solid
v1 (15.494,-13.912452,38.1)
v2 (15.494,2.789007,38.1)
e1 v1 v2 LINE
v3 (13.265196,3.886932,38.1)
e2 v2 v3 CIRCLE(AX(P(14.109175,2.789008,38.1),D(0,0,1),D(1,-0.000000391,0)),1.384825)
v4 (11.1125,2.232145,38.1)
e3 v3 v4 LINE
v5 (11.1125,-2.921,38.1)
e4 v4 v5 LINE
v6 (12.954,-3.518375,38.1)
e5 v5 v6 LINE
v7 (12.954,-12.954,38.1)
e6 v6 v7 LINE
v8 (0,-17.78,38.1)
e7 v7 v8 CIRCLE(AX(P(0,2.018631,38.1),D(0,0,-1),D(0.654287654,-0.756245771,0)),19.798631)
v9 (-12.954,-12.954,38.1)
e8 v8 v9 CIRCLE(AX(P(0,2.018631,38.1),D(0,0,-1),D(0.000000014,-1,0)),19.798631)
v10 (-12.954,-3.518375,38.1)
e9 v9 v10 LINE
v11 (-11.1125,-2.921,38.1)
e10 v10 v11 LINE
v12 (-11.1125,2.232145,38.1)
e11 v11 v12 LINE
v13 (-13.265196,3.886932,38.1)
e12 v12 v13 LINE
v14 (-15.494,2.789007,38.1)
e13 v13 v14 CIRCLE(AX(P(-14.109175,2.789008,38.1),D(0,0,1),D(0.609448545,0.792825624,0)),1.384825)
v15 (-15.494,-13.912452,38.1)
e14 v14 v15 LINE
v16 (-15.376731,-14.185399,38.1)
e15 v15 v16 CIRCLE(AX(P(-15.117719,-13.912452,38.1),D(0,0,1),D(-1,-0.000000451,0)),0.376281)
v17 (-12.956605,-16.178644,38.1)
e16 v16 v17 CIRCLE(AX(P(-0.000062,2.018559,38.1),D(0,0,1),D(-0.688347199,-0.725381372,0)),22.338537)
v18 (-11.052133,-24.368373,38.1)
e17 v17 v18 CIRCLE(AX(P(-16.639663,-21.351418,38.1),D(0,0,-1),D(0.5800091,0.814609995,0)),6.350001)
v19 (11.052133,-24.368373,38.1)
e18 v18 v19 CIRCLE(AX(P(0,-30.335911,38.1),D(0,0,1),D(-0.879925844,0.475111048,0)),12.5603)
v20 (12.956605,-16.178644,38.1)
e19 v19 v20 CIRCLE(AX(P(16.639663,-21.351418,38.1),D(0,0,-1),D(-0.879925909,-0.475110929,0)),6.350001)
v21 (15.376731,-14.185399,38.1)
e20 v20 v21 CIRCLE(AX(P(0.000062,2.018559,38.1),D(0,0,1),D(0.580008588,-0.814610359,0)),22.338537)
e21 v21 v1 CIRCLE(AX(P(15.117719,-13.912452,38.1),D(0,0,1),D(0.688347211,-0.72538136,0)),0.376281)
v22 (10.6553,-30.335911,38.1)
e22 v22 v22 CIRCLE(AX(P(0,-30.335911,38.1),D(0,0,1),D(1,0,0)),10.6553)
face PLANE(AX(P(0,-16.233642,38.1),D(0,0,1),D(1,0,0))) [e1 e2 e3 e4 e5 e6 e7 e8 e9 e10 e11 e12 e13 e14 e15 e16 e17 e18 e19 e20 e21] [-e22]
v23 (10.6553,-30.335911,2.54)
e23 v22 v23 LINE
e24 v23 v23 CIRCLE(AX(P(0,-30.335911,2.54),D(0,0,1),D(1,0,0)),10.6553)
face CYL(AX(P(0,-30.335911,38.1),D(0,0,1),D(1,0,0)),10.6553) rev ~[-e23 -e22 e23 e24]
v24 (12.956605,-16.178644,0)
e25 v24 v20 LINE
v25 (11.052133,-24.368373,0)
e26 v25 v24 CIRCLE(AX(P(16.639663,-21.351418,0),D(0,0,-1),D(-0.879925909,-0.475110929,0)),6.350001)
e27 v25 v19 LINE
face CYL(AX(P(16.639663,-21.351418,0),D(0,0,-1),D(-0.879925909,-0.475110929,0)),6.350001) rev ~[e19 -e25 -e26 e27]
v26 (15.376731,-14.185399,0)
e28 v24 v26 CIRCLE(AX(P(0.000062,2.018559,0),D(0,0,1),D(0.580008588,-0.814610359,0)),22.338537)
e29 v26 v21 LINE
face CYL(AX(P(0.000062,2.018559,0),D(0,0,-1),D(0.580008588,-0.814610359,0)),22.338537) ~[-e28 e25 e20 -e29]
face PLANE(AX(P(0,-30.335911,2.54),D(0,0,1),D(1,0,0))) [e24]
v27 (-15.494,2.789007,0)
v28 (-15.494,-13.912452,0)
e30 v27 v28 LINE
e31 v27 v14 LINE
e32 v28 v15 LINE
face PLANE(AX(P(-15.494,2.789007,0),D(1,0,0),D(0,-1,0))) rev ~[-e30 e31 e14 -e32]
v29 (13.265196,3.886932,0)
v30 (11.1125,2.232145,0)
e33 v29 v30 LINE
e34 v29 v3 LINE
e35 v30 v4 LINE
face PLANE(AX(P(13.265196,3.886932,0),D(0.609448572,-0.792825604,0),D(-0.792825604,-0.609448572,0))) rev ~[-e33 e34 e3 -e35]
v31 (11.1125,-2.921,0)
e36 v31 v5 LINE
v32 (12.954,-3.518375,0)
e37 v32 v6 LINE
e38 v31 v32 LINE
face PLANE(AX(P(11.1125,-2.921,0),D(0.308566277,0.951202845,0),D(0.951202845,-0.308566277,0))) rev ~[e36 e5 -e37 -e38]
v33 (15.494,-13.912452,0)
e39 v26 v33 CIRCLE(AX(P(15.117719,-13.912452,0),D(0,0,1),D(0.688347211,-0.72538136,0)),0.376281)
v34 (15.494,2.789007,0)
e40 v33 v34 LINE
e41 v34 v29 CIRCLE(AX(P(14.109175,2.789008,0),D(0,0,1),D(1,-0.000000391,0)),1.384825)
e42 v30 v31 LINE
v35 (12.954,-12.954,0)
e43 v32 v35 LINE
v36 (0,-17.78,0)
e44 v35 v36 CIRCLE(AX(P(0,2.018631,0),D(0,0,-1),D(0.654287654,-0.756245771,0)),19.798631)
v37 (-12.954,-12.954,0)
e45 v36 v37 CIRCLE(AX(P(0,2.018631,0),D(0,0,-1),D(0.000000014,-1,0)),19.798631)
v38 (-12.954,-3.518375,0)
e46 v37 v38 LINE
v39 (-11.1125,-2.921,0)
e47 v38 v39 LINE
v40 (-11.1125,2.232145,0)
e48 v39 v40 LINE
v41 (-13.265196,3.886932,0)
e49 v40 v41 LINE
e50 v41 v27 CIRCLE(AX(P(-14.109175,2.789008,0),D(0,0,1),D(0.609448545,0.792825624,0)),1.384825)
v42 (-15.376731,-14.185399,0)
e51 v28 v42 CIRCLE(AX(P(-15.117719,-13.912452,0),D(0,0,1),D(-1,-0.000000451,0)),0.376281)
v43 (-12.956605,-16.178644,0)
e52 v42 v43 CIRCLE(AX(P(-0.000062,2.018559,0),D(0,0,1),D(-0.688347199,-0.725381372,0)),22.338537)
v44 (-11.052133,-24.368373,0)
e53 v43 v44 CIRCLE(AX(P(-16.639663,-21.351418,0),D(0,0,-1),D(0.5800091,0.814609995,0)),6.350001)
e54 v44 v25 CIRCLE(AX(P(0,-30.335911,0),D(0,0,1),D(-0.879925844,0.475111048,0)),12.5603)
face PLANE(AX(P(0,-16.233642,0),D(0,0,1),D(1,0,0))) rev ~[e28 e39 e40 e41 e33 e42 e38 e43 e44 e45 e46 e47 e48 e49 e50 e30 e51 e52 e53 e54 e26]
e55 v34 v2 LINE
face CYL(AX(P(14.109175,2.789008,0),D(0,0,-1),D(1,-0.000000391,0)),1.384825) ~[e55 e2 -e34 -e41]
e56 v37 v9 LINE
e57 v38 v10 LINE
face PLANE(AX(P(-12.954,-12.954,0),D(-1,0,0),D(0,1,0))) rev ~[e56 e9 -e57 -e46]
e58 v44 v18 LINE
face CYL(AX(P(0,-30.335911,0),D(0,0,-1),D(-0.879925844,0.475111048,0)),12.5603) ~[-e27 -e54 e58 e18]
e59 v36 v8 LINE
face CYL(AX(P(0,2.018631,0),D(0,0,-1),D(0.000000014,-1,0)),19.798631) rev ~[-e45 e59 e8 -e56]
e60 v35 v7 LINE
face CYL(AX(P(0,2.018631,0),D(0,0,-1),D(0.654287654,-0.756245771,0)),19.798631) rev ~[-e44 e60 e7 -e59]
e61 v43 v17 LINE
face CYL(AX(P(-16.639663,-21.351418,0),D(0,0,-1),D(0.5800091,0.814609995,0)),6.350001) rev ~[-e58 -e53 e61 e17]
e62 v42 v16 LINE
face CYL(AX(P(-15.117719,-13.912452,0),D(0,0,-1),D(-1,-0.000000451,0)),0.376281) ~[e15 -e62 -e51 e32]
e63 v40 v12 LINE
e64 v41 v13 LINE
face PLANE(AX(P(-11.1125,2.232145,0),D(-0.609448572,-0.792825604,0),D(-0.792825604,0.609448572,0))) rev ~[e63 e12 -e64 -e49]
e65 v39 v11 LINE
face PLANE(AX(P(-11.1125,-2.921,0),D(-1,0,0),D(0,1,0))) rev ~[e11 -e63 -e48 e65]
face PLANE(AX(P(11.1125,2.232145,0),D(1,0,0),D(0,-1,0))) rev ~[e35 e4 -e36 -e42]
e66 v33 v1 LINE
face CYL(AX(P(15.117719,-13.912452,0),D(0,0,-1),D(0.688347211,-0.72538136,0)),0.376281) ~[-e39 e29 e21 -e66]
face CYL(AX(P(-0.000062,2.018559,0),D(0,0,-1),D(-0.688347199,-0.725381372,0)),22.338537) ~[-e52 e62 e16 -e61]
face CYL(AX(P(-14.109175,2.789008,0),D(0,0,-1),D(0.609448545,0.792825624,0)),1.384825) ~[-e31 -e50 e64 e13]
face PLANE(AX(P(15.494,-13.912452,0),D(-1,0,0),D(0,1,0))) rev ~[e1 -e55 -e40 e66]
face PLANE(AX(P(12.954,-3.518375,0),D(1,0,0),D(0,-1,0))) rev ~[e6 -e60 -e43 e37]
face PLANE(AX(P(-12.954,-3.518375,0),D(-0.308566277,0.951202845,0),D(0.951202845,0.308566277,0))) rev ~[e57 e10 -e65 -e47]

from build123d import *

# Parameters (mm, degrees)
F2_DEPTH = 38.1
F3_R     = 10.6553
F4_DEPTH = 35.56


with BuildPart() as f2:
    # F1 (on Top) → F2 (new body)
    with BuildSketch(Plane.XY):
        with BuildLine():
            Line((-11.1125, -2.921), (-11.1125, 2.232145))
            Line((-11.1125, 2.232145), (-13.265196, 3.886932))
            ThreePointArc((-13.265196, 3.886932), (-14.72113, 4.031284), (-15.494, 2.789007))
            Line((-15.494, 2.789007), (-15.494, -13.912452))
            ThreePointArc((-15.494, -13.912452), (-15.463442, -14.060988), (-15.376731, -14.185399))
            ThreePointArc((-15.376731, -14.185399), (-14.201681, -15.224533), (-12.956605, -16.178644))
            ThreePointArc((-12.956605, -16.178644), (-10.454692, -19.913141), (-11.052133, -24.368373))
            ThreePointArc((-11.052133, -24.368373), (0, -42.896211), (11.052133, -24.368373))
            ThreePointArc((11.052133, -24.368373), (10.454692, -19.913141), (12.956605, -16.178644))
            ThreePointArc((12.956605, -16.178644), (14.201681, -15.224533), (15.376731, -14.185399))
            ThreePointArc((15.376731, -14.185399), (15.463442, -14.060988), (15.494, -13.912452))
            Line((15.494, -13.912452), (15.494, 2.789007))
            ThreePointArc((15.494, 2.789007), (14.72113, 4.031284), (13.265196, 3.886932))
            Line((13.265196, 3.886932), (11.1125, 2.232145))
            Line((11.1125, 2.232145), (11.1125, -2.921))
            Line((11.1125, -2.921), (12.954, -3.518375))
            Line((12.954, -3.518375), (12.954, -12.954))
            ThreePointArc((12.954, -12.954), (6.911881, -16.534312), (0, -17.78))
            ThreePointArc((0, -17.78), (-6.911881, -16.534312), (-12.954, -12.954))
            Line((-12.954, -12.954), (-12.954, -3.518375))
            Line((-12.954, -3.518375), (-11.1125, -2.921))
        make_face()
    extrude(amount=F2_DEPTH)

    # F3 (on face) → F4 (cut)
    with BuildSketch(Plane.XY.offset(38.1)):
        with Locations((0, -30.335911)):
            Circle(F3_R)
    extrude(amount=-F4_DEPTH, mode=Mode.SUBTRACT)


solid = f2.part
